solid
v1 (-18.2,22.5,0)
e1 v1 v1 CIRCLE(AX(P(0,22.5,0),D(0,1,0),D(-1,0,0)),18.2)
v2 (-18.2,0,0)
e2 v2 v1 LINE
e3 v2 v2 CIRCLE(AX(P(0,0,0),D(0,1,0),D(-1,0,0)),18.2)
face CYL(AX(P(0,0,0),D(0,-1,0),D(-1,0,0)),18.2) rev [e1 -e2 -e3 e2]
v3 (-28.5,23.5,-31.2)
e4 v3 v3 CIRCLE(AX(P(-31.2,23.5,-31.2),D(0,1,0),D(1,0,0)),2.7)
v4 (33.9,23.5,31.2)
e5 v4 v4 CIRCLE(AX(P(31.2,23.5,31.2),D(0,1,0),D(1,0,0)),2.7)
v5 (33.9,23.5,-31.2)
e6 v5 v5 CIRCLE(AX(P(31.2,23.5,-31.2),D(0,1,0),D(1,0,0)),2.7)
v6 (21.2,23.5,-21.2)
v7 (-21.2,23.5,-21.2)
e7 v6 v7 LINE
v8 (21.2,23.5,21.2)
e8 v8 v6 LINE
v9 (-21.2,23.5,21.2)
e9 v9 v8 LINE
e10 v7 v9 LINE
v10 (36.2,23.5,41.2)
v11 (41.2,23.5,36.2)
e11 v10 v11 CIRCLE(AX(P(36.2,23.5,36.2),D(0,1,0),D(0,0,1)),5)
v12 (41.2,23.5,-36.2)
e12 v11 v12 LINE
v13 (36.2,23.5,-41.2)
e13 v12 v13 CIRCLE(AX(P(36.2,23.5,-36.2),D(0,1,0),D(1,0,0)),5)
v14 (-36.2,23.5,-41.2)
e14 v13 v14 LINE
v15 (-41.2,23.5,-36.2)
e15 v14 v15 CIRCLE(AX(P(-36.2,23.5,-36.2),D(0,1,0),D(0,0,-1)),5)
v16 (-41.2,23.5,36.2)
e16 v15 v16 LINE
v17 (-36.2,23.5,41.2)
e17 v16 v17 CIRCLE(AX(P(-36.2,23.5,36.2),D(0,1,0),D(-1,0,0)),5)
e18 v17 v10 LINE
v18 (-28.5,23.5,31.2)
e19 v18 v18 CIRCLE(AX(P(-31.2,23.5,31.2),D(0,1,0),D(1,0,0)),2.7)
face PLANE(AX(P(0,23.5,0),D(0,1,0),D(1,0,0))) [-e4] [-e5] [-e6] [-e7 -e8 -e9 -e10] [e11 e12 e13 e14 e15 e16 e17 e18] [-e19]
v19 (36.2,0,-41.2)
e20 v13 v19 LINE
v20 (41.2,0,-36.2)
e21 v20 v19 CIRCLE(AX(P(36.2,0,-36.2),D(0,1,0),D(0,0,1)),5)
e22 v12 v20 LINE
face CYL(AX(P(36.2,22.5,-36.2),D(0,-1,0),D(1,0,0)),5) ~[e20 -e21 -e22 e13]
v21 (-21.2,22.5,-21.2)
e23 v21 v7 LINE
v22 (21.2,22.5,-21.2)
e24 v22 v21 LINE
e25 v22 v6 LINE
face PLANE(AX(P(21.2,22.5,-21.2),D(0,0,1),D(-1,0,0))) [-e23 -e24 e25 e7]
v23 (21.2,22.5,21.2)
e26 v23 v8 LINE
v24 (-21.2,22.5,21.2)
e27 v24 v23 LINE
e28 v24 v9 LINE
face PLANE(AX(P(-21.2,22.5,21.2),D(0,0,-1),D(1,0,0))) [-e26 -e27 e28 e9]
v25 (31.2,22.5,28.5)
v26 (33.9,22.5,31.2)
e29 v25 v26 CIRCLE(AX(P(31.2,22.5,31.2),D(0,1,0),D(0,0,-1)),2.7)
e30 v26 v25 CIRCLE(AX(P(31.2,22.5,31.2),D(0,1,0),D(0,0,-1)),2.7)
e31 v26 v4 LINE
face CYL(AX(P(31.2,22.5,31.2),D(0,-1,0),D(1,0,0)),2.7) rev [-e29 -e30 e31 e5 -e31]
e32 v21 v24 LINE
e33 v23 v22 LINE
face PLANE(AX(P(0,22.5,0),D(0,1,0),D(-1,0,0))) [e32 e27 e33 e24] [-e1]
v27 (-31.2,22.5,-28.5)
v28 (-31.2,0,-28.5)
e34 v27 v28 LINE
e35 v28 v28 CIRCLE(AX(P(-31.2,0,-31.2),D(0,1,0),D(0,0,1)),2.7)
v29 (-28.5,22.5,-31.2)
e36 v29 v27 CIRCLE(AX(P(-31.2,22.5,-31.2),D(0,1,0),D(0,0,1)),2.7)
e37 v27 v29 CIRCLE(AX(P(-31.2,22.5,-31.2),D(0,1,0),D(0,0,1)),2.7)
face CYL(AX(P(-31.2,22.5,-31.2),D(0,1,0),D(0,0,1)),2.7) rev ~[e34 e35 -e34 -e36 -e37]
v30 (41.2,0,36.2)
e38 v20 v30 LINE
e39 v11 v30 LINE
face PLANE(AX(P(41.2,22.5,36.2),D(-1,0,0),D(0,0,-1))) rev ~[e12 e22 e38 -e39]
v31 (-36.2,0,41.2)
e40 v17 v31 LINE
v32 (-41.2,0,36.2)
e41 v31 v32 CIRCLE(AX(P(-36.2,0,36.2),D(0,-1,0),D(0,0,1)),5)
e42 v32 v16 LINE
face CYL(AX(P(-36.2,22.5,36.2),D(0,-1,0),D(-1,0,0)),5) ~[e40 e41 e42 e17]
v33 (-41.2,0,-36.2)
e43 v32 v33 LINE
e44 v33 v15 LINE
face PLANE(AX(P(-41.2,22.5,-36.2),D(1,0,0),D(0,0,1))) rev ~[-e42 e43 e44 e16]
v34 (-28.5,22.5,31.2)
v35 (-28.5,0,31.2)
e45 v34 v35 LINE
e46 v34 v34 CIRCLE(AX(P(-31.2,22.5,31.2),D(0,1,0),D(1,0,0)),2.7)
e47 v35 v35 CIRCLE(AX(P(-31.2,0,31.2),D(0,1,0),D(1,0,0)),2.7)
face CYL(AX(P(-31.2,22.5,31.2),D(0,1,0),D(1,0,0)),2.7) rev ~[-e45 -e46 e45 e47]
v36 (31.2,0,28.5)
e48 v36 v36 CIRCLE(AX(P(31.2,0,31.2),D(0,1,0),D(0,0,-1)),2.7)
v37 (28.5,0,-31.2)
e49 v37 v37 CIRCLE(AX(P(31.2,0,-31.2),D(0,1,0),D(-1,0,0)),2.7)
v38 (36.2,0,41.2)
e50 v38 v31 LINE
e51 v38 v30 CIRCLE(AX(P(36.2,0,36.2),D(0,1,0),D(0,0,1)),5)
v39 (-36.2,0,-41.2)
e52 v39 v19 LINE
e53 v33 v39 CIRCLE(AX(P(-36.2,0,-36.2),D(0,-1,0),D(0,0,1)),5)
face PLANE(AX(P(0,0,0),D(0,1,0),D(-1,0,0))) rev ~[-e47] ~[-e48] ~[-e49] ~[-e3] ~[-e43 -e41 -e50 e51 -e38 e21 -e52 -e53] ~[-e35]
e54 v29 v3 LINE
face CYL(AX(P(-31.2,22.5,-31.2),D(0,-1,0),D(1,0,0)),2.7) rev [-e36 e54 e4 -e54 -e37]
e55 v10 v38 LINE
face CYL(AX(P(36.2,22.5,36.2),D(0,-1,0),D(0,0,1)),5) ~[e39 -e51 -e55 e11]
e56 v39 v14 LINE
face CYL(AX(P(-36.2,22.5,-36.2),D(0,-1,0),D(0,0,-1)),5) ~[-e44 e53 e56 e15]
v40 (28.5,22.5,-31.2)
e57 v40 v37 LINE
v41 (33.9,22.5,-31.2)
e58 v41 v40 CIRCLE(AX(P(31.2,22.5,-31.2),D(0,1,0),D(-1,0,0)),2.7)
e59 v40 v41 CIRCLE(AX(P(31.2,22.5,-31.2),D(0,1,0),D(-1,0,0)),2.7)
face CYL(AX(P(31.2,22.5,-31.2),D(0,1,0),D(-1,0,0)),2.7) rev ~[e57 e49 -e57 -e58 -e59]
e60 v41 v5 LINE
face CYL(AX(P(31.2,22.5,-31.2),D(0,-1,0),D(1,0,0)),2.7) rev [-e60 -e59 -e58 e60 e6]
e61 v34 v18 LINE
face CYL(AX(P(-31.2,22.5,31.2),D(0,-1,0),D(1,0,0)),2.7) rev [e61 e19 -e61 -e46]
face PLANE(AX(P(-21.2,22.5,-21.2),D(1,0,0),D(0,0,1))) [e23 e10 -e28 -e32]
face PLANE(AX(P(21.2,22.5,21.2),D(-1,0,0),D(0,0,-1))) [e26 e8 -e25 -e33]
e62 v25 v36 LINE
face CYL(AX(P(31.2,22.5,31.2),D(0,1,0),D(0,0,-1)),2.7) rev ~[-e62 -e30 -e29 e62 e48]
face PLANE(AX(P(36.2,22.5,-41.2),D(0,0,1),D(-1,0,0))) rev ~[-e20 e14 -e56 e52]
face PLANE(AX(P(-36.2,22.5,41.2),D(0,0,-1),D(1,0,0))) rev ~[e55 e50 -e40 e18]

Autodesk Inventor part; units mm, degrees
ref_plane "YZ Plane" through (0, 0, 0) normal (1, 0, 0) x (0, 1, 0)
ref_plane "XZ Plane" through (0, 0, 0) normal (0, 1, 0) x (-1, 0, 0)
ref_plane "XY Plane" through (0, 0, 0) normal (0, 0, 1) x (1, 0, 0)
sketch "Boceto1" plane through (0, 0, 0) normal (0, 1, 0) x (-1, 0, 0)
  line L0 (-41.2, 41.2) -> (41.2, 41.2)
  line L1 (41.2, 41.2) -> (41.2, -41.2)
  line L2 (41.2, -41.2) -> (-41.2, -41.2)
  line L3 (-41.2, -41.2) -> (-41.2, 41.2)
  line L4 (-41.2, 41.2) -> (41.2, -41.2) construction
  line L5 (41.2, 41.2) -> (-41.2, -41.2) construction
  circle A0 centre (0, 0) radius 18.2
  dimension "d0" = 82.4
  dimension "d1" = 82.4
  dimension "d2" = 36.4
extrude "Extrusión1" add sketch "Boceto1" along normal blind 22.5
sketch "Boceto2" plane through (0, 22.5, 0) normal (0, 1, 0) x (1, 0, 0)
  circle A0 centre (-31.2, -31.2) radius 2.7
  line L0 (-41.2, 41.2) -> (-41.2, -41.2) projected
  line L1 (-41.2, -41.2) -> (41.2, -41.2) projected
  point P0 (0, 0)
  dimension "d5" = 5.4
  dimension "d6" = 10
  dimension "d7" = 10
extrude "Extrusión2" cut sketch "Boceto2" against normal through all
pattern_circular "Patrón circular1" count 4 over 360 about axis through (0, 0, 0) along (0, 1, 0) of "Extrusión2"
fillet "Empalme1" radius 5 4 edges at (-41.2, 11.25, 41.2) (41.2, 11.25, 41.2) (41.2, 11.25, -41.2) (-41.2, 11.25, -41.2)
sketch "Boceto3" plane through (0, 22.5, 0) normal (0, 1, 0) x (1, 0, 0)
  line L0 (-21.2, -21.2) -> (21.2, -21.2)
  line L1 (21.2, -21.2) -> (21.2, 21.2)
  line L2 (21.2, 21.2) -> (-21.2, 21.2)
  line L3 (-21.2, 21.2) -> (-21.2, -21.2)
  line L4 (-21.2, -21.2) -> (21.2, 21.2) construction
  line L5 (21.2, -21.2) -> (-21.2, 21.2) construction
  arc A0 (-36.2, 41.2) -> (-41.2, 36.2) centre (-36.2, 36.2) ccw projected
  line L6 (-41.2, 36.2) -> (-41.2, -36.2) projected
  arc A1 (-41.2, -36.2) -> (-36.2, -41.2) centre (-36.2, -36.2) ccw projected
  line L7 (-36.2, -41.2) -> (36.2, -41.2) projected
  arc A2 (36.2, -41.2) -> (41.2, -36.2) centre (36.2, -36.2) ccw projected
  line L8 (41.2, -36.2) -> (41.2, 36.2) projected
  arc A3 (41.2, 36.2) -> (36.2, 41.2) centre (36.2, 36.2) ccw projected
  line L9 (36.2, 41.2) -> (-36.2, 41.2) projected
  circle A4 centre (-31.2, 31.2) radius 2.7 projected
  circle A5 centre (31.2, 31.2) radius 2.7 projected
  circle A6 centre (31.2, -31.2) radius 2.7 projected
  circle A7 centre (-31.2, -31.2) radius 2.7 projected
  circle A8 centre (0, 0) radius 18.2 projected
  dimension "d14" = 42.4
  dimension "d15" = 42.4
extrude "Extrusión3" add sketch "Boceto3" along normal blind 1 contours L9 A3 L8 A2 L7 A1 L6 A0
properties part number "Base"
